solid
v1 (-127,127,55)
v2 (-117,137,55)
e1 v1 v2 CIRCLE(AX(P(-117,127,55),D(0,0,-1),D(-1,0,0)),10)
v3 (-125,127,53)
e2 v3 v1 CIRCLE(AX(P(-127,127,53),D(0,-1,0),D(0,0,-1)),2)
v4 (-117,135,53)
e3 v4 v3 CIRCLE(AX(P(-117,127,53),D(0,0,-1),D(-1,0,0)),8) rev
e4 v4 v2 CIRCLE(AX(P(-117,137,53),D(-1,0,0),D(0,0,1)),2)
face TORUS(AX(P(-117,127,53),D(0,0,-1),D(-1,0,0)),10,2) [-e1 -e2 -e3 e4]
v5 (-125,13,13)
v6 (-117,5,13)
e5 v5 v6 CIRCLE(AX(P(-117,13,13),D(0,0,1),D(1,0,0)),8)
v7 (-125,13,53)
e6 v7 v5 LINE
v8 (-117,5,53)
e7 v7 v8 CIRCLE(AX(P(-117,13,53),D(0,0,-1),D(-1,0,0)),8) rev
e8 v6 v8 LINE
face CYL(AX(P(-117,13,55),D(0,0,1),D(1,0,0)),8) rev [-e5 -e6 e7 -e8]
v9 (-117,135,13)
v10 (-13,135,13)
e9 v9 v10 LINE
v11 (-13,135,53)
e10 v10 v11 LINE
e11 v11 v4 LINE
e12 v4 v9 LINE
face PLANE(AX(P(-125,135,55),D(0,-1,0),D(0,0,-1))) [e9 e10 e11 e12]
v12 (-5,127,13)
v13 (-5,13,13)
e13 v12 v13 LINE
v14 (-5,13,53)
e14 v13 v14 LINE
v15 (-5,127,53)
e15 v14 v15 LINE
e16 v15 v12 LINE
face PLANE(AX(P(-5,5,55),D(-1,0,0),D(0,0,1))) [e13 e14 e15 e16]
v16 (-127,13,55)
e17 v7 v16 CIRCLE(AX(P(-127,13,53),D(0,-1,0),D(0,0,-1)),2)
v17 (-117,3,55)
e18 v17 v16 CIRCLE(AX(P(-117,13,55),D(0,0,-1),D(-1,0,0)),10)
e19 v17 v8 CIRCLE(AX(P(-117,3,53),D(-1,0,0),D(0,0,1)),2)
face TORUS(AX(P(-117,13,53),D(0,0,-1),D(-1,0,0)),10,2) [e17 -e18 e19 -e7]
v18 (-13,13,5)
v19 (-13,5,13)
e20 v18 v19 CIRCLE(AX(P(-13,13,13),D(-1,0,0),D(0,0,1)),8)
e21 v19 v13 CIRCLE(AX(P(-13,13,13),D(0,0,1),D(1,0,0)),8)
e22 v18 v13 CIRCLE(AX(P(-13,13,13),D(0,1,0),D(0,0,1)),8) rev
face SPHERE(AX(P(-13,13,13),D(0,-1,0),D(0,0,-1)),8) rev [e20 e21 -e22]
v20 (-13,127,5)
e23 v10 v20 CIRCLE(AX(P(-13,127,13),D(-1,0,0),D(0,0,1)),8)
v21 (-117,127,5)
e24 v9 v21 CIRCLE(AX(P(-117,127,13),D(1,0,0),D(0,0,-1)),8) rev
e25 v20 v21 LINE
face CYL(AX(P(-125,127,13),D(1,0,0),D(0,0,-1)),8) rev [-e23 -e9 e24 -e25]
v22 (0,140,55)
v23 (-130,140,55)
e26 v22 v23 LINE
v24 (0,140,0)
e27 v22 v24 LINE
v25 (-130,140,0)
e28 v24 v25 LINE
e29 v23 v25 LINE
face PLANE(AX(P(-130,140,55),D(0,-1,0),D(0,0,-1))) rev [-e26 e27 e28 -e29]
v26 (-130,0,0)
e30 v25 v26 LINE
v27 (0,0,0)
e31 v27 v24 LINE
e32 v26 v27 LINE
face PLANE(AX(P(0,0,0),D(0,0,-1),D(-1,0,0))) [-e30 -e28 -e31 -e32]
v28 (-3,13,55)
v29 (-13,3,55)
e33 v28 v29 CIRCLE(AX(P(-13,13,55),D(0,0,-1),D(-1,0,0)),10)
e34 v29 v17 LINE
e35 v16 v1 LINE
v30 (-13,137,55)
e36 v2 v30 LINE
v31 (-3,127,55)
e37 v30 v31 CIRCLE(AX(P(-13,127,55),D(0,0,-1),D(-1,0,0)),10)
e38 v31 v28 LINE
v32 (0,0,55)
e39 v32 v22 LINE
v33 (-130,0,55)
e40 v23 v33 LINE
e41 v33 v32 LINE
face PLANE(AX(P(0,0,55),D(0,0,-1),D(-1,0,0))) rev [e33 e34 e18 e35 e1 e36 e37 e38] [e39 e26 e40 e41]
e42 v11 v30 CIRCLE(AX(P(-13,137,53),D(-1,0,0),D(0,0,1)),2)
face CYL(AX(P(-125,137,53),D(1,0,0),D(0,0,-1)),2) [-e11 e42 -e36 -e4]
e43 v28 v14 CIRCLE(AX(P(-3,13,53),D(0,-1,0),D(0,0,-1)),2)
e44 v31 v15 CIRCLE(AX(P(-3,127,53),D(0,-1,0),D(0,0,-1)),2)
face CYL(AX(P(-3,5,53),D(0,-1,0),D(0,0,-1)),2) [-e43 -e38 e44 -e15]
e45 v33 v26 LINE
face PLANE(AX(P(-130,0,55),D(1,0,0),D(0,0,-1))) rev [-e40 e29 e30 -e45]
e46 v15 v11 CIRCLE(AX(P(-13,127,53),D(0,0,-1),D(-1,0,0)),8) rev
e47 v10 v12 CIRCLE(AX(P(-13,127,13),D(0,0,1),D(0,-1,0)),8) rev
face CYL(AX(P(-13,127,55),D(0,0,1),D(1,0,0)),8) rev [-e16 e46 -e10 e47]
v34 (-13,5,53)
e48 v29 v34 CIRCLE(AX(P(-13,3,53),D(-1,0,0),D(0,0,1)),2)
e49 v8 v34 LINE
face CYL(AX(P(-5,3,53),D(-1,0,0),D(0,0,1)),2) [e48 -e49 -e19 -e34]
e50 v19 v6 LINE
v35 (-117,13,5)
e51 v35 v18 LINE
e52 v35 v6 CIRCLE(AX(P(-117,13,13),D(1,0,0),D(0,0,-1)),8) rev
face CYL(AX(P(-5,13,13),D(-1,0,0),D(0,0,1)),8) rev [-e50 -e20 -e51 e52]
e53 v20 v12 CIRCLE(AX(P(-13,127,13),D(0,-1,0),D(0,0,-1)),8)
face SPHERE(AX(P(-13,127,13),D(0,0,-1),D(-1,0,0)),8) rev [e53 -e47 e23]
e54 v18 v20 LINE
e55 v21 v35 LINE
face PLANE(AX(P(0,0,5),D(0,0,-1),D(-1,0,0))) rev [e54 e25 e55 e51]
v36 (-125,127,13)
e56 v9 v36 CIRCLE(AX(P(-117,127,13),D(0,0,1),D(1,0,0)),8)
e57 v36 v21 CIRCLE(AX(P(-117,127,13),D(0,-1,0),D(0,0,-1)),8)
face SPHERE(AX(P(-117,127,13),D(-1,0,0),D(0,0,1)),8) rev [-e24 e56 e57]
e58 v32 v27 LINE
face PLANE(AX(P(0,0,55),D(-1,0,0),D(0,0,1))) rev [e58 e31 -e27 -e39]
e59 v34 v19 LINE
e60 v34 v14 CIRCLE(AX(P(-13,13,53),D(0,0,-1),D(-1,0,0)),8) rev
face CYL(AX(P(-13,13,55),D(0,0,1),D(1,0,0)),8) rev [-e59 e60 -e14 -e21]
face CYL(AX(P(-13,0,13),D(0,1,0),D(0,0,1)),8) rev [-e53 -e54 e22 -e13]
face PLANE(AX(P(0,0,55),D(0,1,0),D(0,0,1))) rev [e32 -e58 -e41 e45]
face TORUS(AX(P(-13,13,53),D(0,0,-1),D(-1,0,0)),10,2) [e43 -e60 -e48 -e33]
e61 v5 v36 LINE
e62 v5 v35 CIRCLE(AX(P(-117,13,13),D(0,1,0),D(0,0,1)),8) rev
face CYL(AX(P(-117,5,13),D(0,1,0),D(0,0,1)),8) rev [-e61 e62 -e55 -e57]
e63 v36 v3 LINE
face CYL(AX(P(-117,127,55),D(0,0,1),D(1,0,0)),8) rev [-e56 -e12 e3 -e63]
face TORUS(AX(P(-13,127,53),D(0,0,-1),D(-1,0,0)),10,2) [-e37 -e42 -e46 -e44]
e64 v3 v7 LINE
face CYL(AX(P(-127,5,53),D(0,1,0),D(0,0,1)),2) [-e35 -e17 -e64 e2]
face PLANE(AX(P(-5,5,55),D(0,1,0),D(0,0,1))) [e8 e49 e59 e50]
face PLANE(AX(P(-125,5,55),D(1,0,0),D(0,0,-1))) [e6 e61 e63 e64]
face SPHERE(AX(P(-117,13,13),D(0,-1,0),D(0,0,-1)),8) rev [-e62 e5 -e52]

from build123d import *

# Parameters (mm, degrees)
IZIM1_W                     = 130
IZIM1_H                     = 120
Y_KSEKLIK_EKSTR_ZYON1_DEPTH = 5
IZIM1_3_W                   = 140
IZIM1_3_H                   = 130
IZIM1_3_W_2                 = 130
IZIM1_3_H_2                 = 120
Y_KSEKLIK_EKSTR_ZYON2_DEPTH = 55
RADYUS1_R                   = 8
RADYUS2_R                   = 2


with BuildPart() as part:
    # Çizim1 → Yükseklik-Ekstrüzyon1 (new body)
    with BuildSketch(Plane(origin=(0, 0, 0), x_dir=(0, 1, 0), z_dir=(0, 0, 1))):
        with Locations((70, 65)):
            Rectangle(IZIM1_W, IZIM1_H)
    extrude(amount=Y_KSEKLIK_EKSTR_ZYON1_DEPTH)

    # Çizim1<3> → Yükseklik-Ekstrüzyon2 (add)
    with BuildSketch(Plane(origin=(0, 0, 0), x_dir=(0, 1, 0), z_dir=(0, 0, 1))):
        with Locations((70, 65)):
            Rectangle(IZIM1_3_W, IZIM1_3_H)
        with Locations((70, 65)):
            Rectangle(IZIM1_3_W_2, IZIM1_3_H_2, mode=Mode.SUBTRACT)
    extrude(amount=Y_KSEKLIK_EKSTR_ZYON2_DEPTH)

    # Radyus1
    radyus1_edges = [part.edges().sort_by_distance(p)[0] for p in [
        (-125, 70, 5),
        (-5, 135, 30),
        (-125, 135, 30),
        (-125, 5, 30),
        (-5, 5, 30),
        (-65, 5, 5),
        (-5, 70, 5),
        (-65, 135, 5),
    ]]
    fillet(radyus1_edges, radius=RADYUS1_R)

    # Radyus2
    radyus2_edges = [part.edges().sort_by_distance(p)[0] for p in [
        (-5, 70, 55),
        (-65, 135, 55),
        (-125, 70, 55),
        (-65, 5, 55),
        (-7.343145751, 132.656854249, 55),
        (-122.656854249, 132.656854249, 55),
        (-122.656854249, 7.343145751, 55),
        (-7.343145751, 7.343145751, 55),
    ]]
    fillet(radyus2_edges, radius=RADYUS2_R)


solid = part.part
